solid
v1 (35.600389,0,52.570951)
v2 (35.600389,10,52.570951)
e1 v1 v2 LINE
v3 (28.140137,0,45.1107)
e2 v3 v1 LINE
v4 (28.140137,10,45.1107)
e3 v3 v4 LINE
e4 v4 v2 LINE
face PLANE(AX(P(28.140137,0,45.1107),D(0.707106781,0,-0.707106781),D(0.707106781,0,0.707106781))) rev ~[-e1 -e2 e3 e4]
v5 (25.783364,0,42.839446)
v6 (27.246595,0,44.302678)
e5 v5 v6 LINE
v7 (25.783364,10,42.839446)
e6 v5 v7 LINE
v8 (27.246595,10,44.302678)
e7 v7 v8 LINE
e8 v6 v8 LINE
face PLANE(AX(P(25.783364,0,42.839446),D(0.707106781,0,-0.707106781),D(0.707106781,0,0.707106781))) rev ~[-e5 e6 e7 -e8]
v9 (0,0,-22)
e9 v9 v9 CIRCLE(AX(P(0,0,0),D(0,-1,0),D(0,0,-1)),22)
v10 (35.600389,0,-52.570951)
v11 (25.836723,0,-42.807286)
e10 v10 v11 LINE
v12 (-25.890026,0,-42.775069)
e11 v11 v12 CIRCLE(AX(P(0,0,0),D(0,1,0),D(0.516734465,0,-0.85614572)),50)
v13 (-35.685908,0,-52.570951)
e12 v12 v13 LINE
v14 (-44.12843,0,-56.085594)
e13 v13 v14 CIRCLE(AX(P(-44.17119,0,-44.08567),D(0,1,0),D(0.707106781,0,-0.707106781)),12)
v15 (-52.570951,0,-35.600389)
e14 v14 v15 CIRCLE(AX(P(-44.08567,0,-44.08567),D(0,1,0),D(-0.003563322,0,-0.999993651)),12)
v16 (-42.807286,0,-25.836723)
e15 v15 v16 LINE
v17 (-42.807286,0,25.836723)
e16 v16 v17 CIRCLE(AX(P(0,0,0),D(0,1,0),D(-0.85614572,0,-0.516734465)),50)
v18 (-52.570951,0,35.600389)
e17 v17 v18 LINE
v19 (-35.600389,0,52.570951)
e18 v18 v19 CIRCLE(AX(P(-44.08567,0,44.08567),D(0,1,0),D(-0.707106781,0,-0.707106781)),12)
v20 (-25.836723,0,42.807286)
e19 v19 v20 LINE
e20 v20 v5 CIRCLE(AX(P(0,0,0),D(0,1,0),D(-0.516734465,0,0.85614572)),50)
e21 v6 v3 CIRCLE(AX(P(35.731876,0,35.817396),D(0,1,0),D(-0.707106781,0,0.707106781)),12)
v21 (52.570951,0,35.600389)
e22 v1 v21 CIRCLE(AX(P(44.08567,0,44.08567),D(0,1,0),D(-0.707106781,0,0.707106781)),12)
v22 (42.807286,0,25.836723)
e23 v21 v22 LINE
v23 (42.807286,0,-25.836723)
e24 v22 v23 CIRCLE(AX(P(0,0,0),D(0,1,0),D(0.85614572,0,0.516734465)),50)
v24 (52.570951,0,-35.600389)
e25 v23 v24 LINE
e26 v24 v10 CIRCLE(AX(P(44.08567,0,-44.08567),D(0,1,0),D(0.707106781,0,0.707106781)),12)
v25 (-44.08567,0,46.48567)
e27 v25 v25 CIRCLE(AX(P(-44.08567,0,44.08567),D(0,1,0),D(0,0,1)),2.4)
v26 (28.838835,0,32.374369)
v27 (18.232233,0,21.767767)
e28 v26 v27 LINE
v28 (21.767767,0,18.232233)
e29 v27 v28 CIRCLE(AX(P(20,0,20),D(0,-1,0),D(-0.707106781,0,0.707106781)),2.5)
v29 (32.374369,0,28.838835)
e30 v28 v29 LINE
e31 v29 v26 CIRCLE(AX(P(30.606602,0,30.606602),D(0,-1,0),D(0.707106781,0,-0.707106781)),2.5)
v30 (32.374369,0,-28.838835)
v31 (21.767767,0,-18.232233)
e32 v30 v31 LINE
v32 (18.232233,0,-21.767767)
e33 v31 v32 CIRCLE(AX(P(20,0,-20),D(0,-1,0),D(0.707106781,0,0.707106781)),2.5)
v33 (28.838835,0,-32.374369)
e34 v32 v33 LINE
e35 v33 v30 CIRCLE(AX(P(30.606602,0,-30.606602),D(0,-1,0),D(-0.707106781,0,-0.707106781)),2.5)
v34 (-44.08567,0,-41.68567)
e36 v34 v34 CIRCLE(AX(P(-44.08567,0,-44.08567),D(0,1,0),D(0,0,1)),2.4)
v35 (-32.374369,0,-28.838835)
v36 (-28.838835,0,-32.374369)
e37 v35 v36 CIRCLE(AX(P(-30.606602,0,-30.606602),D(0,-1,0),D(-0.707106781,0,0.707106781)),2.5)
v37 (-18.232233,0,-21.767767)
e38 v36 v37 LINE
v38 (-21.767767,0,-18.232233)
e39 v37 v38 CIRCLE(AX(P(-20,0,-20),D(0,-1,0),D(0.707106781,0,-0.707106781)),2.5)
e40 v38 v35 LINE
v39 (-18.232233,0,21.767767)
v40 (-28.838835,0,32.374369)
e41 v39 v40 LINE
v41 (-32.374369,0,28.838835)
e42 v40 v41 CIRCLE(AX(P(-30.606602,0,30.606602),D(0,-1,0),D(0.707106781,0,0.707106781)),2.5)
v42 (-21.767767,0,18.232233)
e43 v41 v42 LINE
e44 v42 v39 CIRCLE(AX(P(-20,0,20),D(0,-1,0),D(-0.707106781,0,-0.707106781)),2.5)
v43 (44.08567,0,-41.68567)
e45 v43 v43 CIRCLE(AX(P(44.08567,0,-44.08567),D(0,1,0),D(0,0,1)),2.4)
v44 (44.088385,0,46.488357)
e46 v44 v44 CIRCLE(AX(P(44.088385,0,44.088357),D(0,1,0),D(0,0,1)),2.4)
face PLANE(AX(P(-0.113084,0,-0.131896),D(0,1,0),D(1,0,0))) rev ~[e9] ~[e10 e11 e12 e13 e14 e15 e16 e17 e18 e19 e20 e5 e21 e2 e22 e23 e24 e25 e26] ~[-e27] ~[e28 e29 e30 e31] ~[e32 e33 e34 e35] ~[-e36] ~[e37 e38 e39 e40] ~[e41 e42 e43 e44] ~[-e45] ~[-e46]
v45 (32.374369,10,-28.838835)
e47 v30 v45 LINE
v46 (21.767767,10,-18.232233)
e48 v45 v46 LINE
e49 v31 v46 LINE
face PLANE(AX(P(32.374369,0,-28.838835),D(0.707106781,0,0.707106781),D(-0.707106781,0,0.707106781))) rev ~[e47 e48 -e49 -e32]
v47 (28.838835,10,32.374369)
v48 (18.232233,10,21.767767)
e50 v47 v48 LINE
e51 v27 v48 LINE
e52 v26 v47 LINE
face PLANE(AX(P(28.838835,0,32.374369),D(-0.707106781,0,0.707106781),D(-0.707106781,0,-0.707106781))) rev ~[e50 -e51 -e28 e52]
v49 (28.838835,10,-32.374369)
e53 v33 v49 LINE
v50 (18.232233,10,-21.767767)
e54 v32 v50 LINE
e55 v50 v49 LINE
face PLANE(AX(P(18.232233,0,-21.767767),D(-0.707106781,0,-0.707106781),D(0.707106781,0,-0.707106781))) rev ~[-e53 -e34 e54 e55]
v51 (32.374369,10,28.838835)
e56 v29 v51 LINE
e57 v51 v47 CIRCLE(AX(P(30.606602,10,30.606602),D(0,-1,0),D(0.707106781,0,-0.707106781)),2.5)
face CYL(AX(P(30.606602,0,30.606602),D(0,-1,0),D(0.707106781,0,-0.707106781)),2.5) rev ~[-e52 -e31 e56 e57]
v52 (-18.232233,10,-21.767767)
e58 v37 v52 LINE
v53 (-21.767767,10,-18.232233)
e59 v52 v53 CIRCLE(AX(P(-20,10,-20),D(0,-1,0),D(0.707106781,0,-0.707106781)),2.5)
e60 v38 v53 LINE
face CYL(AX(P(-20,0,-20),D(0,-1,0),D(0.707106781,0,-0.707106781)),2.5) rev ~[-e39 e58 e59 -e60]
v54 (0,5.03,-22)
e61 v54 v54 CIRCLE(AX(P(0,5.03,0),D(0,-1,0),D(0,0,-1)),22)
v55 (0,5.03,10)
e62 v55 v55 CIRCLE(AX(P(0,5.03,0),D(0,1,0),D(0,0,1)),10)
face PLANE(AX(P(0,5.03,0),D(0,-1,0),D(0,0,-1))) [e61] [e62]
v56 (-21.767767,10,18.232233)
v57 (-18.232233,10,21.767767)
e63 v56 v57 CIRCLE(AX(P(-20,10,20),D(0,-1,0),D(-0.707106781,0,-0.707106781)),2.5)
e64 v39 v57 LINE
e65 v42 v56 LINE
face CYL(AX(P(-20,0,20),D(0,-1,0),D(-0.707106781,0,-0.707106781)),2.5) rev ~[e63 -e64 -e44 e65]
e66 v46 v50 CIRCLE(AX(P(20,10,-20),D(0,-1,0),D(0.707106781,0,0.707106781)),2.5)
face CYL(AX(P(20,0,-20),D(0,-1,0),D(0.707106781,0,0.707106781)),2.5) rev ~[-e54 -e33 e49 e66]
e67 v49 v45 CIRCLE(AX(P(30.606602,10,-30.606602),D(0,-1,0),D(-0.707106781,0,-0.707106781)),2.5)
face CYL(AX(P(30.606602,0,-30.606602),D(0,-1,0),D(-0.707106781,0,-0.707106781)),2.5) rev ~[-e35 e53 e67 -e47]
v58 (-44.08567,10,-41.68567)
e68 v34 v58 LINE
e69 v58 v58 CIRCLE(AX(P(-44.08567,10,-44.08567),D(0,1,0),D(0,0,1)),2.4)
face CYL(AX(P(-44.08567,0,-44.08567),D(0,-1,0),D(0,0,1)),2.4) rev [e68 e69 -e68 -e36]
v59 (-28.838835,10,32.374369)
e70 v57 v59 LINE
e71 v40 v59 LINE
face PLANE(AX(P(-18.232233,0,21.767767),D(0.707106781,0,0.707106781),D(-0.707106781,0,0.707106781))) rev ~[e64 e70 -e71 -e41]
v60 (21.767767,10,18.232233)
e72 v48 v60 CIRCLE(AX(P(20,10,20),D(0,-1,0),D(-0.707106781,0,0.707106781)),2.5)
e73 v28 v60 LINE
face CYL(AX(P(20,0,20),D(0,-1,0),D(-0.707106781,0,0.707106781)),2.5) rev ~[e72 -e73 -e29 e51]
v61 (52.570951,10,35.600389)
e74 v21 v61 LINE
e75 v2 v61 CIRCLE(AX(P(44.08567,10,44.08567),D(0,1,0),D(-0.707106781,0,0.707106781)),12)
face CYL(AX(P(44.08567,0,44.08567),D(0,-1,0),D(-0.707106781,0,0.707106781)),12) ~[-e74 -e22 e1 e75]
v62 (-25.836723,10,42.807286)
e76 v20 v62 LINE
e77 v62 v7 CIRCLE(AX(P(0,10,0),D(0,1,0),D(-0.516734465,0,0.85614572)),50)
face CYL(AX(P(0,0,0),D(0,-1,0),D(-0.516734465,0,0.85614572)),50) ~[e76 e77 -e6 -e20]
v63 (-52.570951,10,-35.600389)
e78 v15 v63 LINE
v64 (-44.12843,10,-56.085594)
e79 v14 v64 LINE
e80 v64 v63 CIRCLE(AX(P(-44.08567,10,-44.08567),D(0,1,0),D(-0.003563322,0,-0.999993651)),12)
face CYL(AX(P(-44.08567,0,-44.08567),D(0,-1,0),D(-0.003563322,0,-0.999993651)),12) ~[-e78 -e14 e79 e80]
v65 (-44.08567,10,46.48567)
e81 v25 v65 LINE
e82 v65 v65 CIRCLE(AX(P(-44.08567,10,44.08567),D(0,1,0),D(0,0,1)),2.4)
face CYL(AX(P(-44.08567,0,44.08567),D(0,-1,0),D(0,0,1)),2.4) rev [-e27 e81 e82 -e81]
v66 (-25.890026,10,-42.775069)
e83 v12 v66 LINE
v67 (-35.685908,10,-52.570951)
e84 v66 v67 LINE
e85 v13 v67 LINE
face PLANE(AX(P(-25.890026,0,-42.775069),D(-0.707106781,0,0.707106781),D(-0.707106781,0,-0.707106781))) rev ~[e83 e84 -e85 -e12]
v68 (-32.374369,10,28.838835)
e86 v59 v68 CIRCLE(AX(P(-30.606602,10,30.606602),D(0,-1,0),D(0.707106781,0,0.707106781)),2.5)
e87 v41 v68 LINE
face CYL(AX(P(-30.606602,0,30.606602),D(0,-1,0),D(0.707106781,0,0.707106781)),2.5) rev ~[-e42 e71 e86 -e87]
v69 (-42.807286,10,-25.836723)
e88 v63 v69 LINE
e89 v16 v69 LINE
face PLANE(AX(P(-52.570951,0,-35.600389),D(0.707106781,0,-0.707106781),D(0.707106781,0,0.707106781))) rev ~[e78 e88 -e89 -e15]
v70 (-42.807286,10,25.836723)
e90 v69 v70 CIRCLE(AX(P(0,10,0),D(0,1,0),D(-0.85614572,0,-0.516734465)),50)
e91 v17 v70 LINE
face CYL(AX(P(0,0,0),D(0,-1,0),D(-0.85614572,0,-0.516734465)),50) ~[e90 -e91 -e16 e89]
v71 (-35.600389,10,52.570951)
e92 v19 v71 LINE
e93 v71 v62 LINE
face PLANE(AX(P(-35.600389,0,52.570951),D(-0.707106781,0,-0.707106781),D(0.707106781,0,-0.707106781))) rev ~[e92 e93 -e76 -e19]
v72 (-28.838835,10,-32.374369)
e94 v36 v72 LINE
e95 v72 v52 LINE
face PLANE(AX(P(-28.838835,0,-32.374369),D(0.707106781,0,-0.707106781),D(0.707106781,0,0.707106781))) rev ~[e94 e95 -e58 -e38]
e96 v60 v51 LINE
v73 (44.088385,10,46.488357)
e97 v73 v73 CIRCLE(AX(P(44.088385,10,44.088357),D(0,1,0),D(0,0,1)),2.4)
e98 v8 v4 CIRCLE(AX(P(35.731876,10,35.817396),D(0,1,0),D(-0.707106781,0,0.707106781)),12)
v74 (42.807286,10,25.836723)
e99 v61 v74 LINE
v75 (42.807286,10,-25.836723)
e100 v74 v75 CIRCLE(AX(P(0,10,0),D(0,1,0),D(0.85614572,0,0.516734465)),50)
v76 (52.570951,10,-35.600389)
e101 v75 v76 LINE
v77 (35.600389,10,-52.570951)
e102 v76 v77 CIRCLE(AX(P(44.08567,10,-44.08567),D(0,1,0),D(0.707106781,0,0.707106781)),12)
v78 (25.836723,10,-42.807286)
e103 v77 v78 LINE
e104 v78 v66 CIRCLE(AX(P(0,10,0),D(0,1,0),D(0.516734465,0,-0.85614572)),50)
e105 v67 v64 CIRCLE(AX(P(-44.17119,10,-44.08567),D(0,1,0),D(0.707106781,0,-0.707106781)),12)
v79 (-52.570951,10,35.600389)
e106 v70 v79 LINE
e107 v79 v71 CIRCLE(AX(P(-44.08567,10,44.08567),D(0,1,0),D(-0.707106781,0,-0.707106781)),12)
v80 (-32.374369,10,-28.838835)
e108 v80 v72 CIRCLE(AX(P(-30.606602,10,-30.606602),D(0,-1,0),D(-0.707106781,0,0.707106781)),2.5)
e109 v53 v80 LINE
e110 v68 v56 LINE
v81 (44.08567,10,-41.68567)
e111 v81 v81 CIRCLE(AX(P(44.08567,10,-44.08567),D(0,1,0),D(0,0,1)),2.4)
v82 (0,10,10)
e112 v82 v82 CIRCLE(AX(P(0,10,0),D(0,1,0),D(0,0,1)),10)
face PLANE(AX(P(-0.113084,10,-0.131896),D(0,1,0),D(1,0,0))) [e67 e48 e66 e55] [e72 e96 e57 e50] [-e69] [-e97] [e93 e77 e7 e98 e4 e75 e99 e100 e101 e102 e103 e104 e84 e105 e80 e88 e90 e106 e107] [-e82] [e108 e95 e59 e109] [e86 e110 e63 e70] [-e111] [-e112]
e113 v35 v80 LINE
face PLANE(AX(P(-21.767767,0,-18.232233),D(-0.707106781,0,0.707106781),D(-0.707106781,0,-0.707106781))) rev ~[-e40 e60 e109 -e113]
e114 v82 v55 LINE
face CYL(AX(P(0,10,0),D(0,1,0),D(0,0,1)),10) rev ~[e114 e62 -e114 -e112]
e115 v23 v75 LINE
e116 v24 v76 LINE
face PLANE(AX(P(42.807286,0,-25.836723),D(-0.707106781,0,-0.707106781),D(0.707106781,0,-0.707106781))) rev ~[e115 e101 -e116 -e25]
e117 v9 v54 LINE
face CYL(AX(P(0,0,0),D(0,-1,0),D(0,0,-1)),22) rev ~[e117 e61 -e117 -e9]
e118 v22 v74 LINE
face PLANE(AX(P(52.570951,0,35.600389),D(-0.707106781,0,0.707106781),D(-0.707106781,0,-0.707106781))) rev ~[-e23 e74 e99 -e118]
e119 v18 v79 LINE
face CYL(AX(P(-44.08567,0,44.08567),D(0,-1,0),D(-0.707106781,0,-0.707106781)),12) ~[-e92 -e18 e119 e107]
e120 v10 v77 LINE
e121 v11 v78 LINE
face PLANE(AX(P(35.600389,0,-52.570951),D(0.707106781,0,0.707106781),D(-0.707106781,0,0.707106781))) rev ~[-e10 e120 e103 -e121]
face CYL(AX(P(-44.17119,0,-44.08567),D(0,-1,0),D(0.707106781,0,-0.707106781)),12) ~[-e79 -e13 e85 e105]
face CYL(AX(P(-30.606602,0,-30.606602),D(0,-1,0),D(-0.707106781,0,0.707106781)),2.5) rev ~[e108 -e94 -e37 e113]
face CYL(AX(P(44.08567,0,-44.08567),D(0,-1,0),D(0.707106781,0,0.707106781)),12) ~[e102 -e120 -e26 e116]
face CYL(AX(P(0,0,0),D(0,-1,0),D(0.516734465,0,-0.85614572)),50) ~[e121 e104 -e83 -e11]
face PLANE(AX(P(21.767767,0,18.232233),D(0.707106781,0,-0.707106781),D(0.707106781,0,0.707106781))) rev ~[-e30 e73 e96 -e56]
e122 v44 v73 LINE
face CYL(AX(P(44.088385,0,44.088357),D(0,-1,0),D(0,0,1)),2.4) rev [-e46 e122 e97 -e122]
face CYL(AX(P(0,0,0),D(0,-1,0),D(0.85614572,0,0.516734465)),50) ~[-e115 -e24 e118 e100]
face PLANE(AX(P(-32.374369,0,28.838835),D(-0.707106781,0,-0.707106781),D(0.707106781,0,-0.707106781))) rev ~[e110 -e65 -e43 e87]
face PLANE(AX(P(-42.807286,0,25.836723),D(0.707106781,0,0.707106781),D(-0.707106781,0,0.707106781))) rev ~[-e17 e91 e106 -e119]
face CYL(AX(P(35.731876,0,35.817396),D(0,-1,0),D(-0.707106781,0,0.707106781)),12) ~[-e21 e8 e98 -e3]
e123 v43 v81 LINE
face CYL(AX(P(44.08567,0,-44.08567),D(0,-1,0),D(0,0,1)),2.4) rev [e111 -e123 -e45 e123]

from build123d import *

# Parameters (mm, degrees)
SKETCH2_R           = 2.4
BOSS_EXTRUDE1_DEPTH = 10
SKETCH3_R           = 22
CUT_EXTRUDE1_DEPTH  = 5.03
SKETCH5_R           = 10
CUT_EXTRUDE4_DEPTH  = 5.03


with BuildPart() as part:
    # Sketch2 → Boss-Extrude1 (new body)
    with BuildSketch(Plane(origin=(0, 0, 0), x_dir=(1, 0, 0), z_dir=(0, 1, 0))):
        with BuildLine():
            ThreePointArc((52.570951393, 35.600388644), (52.570951393, 52.570951393), (35.600388644, 52.570951393))
            Line((35.600388644, 52.570951393), (25.836723229, 42.807285978))
            ThreePointArc((25.836723229, 42.807285978), (-0.031141312, 49.999990302), (-25.890026175, 42.775069195))
            Line((-25.890026175, 42.775069195), (-35.685908373, 52.570951393))
            ThreePointArc((-35.685908373, 52.570951393), (-39.559243335, 55.164025054), (-44.128429883, 56.085593835))
            ThreePointArc((-44.128429883, 56.085593835), (-55.180388571, 48.658111405), (-52.570951393, 35.600388644))
            Line((-52.570951393, 35.600388644), (-42.807285978, 25.836723229))
            ThreePointArc((-42.807285978, 25.836723229), (-50, 0), (-42.807285978, -25.836723229))
            Line((-42.807285978, -25.836723229), (-52.570951393, -35.600388644))
            ThreePointArc((-52.570951393, -35.600388644), (-52.570951393, -52.570951393), (-35.600388644, -52.570951393))
            Line((-35.600388644, -52.570951393), (-25.836723229, -42.807285978))
            ThreePointArc((-25.836723229, -42.807285978), (-0.031150905, -49.999990296), (25.783363755, -42.839446232))
            Line((25.783363755, -42.839446232), (27.246595152, -44.30267763))
            ThreePointArc((27.246595152, -44.30267763), (27.683219954, -44.717909015), (28.140137338, -45.110700086))
            Line((28.140137338, -45.110700086), (35.600388644, -52.570951393))
            ThreePointArc((35.600388644, -52.570951393), (52.570951393, -52.570951393), (52.570951393, -35.600388644))
            Line((52.570951393, -35.600388644), (42.807285978, -25.836723229))
            ThreePointArc((42.807285978, -25.836723229), (50, 0), (42.807285978, 25.836723229))
            Line((42.807285978, 25.836723229), (52.570951393, 35.600388644))
        make_face()
        with Locations(Location((-44.085670018, -44.085670018, 0), (0, 0, 270))):
            Circle(SKETCH2_R, mode=Mode.SUBTRACT)
        with BuildLine():
            Line((-18.232233047, -21.767766953), (-28.838834765, -32.374368671))
            ThreePointArc((-28.838834765, -32.374368671), (-32.374368671, -32.374368671), (-32.374368671, -28.838834765))
            Line((-32.374368671, -28.838834765), (-21.767766953, -18.232233047))
            ThreePointArc((-21.767766953, -18.232233047), (-18.232233047, -18.232233047), (-18.232233047, -21.767766953))
        make_face(mode=Mode.SUBTRACT)
        with Locations(Location((44.088384567, -44.088356778, 0), (0, 0, 270))):
            Circle(SKETCH2_R, mode=Mode.SUBTRACT)
        with BuildLine():
            ThreePointArc((32.374368671, -28.838834765), (32.374368671, -32.374368671), (28.838834765, -32.374368671))
            Line((28.838834765, -32.374368671), (18.232233047, -21.767766953))
            ThreePointArc((18.232233047, -21.767766953), (18.232233047, -18.232233047), (21.767766953, -18.232233047))
            Line((21.767766953, -18.232233047), (32.374368671, -28.838834765))
        make_face(mode=Mode.SUBTRACT)
        with BuildLine():
            ThreePointArc((-32.374368671, 28.838834765), (-32.374368671, 32.374368671), (-28.838834765, 32.374368671))
            Line((-28.838834765, 32.374368671), (-18.232233047, 21.767766953))
            ThreePointArc((-18.232233047, 21.767766953), (-18.232233047, 18.232233047), (-21.767766953, 18.232233047))
            Line((-21.767766953, 18.232233047), (-32.374368671, 28.838834765))
        make_face(mode=Mode.SUBTRACT)
        with Locations(Location((-44.085670018, 44.085670018, 0), (0, 0, 270))):
            Circle(SKETCH2_R, mode=Mode.SUBTRACT)
        with BuildLine():
            Line((18.232233047, 21.767766953), (28.838834765, 32.374368671))
            ThreePointArc((28.838834765, 32.374368671), (32.374368671, 32.374368671), (32.374368671, 28.838834765))
            Line((32.374368671, 28.838834765), (21.767766953, 18.232233047))
            ThreePointArc((21.767766953, 18.232233047), (18.232233047, 18.232233047), (18.232233047, 21.767766953))
        make_face(mode=Mode.SUBTRACT)
        with Locations(Location((44.085670018, 44.085670018, 0), (0, 0, 270))):
            Circle(SKETCH2_R, mode=Mode.SUBTRACT)
    extrude(amount=BOSS_EXTRUDE1_DEPTH)

    # Sketch3 → Cut-Extrude1 (cut)
    with BuildSketch(Plane(origin=(0, 0, 0), x_dir=(-1, 0, 0), z_dir=(0, -1, 0))):
        with Locations(Location((0, 0, 0), (0, 0, 90))):
            Circle(SKETCH3_R)
    extrude(amount=-CUT_EXTRUDE1_DEPTH, mode=Mode.SUBTRACT)

    # Sketch5 → Cut-Extrude4 (cut)
    with BuildSketch(Plane(origin=(0, 10, 0), x_dir=(1, 0, 0), z_dir=(0, 1, 0))):
        with Locations(Location((0, 0, 0), (0, 0, 270))):
            Circle(SKETCH5_R)
    extrude(amount=-CUT_EXTRUDE4_DEPTH, mode=Mode.SUBTRACT)


solid = part.part
